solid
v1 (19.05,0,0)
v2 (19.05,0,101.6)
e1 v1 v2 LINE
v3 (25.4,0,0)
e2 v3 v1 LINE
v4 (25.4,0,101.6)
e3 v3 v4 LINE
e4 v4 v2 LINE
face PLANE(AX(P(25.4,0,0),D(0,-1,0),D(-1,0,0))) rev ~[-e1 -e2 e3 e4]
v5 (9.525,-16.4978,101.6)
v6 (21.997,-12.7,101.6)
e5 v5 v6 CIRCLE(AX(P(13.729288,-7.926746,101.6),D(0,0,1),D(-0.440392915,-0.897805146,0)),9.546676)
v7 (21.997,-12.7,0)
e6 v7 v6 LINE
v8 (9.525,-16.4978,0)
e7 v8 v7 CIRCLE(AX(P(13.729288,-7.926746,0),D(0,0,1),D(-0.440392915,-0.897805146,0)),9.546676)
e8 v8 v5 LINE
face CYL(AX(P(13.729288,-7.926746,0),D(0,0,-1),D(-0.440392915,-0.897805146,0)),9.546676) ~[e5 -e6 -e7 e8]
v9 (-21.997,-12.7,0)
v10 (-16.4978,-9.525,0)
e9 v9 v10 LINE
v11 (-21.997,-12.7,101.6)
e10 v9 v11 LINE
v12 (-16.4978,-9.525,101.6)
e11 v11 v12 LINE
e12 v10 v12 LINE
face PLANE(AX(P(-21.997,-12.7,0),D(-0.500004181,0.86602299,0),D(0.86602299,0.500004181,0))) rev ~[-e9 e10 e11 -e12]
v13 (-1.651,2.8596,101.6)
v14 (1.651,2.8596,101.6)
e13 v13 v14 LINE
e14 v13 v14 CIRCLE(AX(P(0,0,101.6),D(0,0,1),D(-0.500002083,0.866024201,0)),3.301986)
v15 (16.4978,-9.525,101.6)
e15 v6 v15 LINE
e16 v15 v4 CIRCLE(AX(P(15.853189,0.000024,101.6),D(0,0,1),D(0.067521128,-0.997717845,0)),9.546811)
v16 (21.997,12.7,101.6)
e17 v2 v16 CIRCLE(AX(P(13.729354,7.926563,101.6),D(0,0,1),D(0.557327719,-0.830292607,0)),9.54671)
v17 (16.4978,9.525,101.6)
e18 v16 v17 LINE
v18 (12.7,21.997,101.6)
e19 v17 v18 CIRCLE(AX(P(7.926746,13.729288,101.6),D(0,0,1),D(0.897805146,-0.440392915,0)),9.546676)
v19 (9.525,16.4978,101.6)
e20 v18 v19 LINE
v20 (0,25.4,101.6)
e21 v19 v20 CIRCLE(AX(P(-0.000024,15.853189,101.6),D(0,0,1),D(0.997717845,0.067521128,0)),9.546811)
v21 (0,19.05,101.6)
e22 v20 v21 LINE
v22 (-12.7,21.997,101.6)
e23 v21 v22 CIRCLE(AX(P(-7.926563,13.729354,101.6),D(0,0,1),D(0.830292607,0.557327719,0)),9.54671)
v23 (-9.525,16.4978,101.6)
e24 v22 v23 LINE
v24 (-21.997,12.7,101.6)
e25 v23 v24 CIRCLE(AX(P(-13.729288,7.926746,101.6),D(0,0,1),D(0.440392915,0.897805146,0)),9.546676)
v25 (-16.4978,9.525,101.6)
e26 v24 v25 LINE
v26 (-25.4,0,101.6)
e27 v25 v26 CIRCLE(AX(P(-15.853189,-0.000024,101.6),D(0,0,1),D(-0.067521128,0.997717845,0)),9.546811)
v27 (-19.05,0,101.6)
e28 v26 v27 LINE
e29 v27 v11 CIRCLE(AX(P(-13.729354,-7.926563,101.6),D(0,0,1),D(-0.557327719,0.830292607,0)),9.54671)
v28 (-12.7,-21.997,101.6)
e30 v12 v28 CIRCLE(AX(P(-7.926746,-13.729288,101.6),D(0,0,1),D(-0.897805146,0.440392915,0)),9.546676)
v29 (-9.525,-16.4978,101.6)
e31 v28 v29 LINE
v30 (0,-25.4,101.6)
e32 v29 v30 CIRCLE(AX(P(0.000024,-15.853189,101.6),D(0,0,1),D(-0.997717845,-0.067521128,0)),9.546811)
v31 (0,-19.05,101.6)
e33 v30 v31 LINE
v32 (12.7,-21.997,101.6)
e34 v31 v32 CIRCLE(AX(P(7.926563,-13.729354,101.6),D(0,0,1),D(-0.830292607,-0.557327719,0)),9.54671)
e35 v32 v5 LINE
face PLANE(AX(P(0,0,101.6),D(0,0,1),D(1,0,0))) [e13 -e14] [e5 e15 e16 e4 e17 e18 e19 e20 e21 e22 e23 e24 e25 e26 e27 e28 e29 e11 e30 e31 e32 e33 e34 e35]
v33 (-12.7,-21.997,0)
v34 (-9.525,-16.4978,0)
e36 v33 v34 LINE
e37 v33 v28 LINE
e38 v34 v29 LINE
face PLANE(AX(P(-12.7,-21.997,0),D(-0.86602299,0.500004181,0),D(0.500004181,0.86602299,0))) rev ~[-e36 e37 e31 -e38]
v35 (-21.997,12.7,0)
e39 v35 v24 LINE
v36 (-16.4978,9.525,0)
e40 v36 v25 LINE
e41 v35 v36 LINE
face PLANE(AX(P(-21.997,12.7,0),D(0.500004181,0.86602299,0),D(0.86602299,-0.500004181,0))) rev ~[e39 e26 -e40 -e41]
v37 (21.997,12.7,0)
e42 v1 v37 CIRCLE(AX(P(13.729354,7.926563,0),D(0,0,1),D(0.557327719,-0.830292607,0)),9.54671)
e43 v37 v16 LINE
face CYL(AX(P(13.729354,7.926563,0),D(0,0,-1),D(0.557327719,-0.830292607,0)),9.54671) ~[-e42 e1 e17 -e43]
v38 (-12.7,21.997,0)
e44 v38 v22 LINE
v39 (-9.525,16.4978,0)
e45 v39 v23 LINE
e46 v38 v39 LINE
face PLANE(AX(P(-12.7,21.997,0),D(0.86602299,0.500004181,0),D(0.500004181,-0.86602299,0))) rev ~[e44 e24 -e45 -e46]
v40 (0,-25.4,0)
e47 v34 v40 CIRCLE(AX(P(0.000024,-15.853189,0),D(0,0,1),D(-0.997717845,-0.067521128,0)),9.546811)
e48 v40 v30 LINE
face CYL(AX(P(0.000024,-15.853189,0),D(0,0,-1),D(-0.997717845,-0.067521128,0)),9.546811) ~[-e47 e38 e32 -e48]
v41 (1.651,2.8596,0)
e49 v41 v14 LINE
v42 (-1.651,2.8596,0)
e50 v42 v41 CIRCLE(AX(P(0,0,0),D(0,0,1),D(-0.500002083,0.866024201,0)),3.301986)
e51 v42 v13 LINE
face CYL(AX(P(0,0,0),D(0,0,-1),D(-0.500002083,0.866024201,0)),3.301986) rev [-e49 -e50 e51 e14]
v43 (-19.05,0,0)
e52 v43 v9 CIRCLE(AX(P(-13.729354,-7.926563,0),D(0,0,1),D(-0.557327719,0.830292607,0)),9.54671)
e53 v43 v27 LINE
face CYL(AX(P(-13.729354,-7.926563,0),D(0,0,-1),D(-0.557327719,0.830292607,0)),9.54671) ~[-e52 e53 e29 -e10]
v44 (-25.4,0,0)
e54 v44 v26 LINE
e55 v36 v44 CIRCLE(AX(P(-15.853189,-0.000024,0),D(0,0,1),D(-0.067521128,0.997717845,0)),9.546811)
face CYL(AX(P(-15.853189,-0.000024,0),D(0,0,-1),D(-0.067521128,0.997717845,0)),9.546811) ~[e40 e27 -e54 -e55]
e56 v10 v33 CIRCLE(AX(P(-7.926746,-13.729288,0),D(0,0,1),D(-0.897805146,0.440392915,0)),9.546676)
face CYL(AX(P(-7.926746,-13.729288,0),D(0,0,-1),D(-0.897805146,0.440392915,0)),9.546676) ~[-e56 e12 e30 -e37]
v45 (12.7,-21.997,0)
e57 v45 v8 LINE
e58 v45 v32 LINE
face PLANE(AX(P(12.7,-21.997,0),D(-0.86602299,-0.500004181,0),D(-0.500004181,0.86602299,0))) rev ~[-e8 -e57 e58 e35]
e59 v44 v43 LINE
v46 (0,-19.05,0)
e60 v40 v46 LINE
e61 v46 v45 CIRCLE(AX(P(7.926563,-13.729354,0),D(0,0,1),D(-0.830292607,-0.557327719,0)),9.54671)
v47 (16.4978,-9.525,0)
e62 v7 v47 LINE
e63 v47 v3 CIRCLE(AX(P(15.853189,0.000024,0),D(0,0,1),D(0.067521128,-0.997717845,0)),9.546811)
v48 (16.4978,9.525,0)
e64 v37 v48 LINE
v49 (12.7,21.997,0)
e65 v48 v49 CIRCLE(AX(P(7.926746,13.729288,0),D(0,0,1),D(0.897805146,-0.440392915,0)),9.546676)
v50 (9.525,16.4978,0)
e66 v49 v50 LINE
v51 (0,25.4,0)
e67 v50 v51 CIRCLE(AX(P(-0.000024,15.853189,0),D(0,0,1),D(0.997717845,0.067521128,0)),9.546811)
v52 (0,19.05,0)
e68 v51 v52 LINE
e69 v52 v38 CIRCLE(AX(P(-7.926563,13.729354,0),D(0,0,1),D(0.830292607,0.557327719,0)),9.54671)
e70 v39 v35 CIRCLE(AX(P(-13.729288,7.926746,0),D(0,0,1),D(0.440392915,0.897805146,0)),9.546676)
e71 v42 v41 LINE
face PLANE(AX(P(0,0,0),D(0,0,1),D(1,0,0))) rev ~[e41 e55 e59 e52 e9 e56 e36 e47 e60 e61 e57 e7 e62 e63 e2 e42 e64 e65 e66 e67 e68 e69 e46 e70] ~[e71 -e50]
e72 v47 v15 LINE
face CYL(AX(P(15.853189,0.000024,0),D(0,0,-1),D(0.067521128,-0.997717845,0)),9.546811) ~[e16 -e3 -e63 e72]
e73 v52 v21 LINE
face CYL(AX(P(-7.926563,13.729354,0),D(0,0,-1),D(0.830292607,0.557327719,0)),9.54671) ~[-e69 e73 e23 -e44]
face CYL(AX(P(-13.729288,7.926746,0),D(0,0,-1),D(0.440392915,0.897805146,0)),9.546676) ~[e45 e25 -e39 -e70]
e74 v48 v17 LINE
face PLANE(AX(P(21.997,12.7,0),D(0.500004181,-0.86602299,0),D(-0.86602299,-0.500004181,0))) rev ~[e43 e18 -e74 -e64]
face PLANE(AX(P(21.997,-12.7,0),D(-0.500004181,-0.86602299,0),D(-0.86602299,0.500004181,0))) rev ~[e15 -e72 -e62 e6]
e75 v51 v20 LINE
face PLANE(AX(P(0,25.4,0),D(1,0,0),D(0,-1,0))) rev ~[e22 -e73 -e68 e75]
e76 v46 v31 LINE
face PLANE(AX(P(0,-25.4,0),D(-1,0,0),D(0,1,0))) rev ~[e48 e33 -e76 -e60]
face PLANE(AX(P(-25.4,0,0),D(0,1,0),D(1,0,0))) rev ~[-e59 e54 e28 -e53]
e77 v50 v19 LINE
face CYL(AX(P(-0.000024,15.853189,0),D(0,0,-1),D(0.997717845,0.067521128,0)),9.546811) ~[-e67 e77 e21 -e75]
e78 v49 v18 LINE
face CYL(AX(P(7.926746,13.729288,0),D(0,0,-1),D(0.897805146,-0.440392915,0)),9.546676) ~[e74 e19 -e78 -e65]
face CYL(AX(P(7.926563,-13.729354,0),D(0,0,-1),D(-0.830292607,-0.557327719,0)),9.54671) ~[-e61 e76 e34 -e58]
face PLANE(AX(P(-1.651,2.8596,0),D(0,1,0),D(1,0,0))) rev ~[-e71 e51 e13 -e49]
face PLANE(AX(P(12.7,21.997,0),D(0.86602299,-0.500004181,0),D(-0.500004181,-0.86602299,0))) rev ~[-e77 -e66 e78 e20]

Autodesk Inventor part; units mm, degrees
ref_plane "YZ Plane" through (0, 0, 0) normal (1, 0, 0) x (0, 1, 0)
ref_plane "XZ Plane" through (0, 0, 0) normal (0, 1, 0) x (-1, 0, 0)
ref_plane "XY Plane" through (0, 0, 0) normal (0, 0, 1) x (1, 0, 0)
sketch "Sketch1" plane through (0, 0, 0) normal (0, 0, 1) x (1, 0, 0)
  circle A0 centre (0, 0) radius 25.4 construction
  circle A1 centre (0, 0) radius 19.05
  arc A2 (19.05, 0) -> (21.997, 12.7) centre (13.7293, 7.9266) ccw
  arc A3 (-1.651, 2.8596) -> (1.651, 2.8596) centre (0, 0) ccw
  line L0 (0, 0) -> (19.05, 0) construction
  line L1 (0, 0) -> (21.997, 12.7) construction
  line L2 (21.997, 12.7) -> (16.4978, 9.525)
  line L3 (12.7, 21.997) -> (9.525, 16.4978)
  arc A4 (16.4978, 9.525) -> (12.7, 21.997) centre (7.9266, 13.7293) ccw
  line L4 (0, 25.4) -> (0, 19.05)
  arc A5 (9.525, 16.4978) -> (0, 25.4) centre (0, 15.8532) ccw
  line L5 (-12.7, 21.997) -> (-9.525, 16.4978)
  arc A6 (0, 19.05) -> (-12.7, 21.997) centre (-7.9266, 13.7293) ccw
  line L6 (-21.997, 12.7) -> (-16.4978, 9.525)
  arc A7 (-9.525, 16.4978) -> (-21.997, 12.7) centre (-13.7293, 7.9266) ccw
  line L7 (-25.4, 0) -> (-19.05, 0)
  arc A8 (-16.4978, 9.525) -> (-25.4, 0) centre (-15.8532, 0) ccw
  line L8 (-21.997, -12.7) -> (-16.4978, -9.525)
  arc A9 (-19.05, 0) -> (-21.997, -12.7) centre (-13.7293, -7.9266) ccw
  line L9 (-12.7, -21.997) -> (-9.525, -16.4978)
  arc A10 (-16.4978, -9.525) -> (-12.7, -21.997) centre (-7.9266, -13.7293) ccw
  line L10 (0, -25.4) -> (0, -19.05)
  arc A11 (-9.525, -16.4978) -> (0, -25.4) centre (0, -15.8532) ccw
  line L11 (12.7, -21.997) -> (9.525, -16.4978)
  arc A12 (0, -19.05) -> (12.7, -21.997) centre (7.9266, -13.7293) ccw
  line L12 (21.997, -12.7) -> (16.4978, -9.525)
  arc A13 (9.525, -16.4978) -> (21.997, -12.7) centre (13.7293, -7.9266) ccw
  line L13 (25.4, 0) -> (19.05, 0)
  arc A14 (16.4978, -9.525) -> (25.4, 0) centre (15.8532, 0) ccw
  line L14 (-1.651, 2.8596) -> (1.651, 2.8596)
  point P0 (9.525, 16.4978)
  point P1 (0, 19.05)
  point P2 (-9.525, 16.4978)
  point P3 (-16.4978, 9.525)
  point P4 (-19.05, 0)
  point P5 (-16.4978, -9.525)
  point P6 (-9.525, -16.4978)
  point P7 (0, -19.05)
  point P8 (9.525, -16.4978)
  point P9 (16.4978, -9.525)
  point P10 (19.05, 0)
  point P11 (16.4978, 9.525)
  dimension "d0" = 50.8
  dimension "d1" = 38.1
  dimension "d11" = 6.604
  dimension "d17" = 30
  dimension "d20" = 360
  dimension "d27" = 3.302
extrude "Extrusion1" add sketch "Sketch1" along normal blind 101.6
properties part number "THE_WHEEL 2.0"
